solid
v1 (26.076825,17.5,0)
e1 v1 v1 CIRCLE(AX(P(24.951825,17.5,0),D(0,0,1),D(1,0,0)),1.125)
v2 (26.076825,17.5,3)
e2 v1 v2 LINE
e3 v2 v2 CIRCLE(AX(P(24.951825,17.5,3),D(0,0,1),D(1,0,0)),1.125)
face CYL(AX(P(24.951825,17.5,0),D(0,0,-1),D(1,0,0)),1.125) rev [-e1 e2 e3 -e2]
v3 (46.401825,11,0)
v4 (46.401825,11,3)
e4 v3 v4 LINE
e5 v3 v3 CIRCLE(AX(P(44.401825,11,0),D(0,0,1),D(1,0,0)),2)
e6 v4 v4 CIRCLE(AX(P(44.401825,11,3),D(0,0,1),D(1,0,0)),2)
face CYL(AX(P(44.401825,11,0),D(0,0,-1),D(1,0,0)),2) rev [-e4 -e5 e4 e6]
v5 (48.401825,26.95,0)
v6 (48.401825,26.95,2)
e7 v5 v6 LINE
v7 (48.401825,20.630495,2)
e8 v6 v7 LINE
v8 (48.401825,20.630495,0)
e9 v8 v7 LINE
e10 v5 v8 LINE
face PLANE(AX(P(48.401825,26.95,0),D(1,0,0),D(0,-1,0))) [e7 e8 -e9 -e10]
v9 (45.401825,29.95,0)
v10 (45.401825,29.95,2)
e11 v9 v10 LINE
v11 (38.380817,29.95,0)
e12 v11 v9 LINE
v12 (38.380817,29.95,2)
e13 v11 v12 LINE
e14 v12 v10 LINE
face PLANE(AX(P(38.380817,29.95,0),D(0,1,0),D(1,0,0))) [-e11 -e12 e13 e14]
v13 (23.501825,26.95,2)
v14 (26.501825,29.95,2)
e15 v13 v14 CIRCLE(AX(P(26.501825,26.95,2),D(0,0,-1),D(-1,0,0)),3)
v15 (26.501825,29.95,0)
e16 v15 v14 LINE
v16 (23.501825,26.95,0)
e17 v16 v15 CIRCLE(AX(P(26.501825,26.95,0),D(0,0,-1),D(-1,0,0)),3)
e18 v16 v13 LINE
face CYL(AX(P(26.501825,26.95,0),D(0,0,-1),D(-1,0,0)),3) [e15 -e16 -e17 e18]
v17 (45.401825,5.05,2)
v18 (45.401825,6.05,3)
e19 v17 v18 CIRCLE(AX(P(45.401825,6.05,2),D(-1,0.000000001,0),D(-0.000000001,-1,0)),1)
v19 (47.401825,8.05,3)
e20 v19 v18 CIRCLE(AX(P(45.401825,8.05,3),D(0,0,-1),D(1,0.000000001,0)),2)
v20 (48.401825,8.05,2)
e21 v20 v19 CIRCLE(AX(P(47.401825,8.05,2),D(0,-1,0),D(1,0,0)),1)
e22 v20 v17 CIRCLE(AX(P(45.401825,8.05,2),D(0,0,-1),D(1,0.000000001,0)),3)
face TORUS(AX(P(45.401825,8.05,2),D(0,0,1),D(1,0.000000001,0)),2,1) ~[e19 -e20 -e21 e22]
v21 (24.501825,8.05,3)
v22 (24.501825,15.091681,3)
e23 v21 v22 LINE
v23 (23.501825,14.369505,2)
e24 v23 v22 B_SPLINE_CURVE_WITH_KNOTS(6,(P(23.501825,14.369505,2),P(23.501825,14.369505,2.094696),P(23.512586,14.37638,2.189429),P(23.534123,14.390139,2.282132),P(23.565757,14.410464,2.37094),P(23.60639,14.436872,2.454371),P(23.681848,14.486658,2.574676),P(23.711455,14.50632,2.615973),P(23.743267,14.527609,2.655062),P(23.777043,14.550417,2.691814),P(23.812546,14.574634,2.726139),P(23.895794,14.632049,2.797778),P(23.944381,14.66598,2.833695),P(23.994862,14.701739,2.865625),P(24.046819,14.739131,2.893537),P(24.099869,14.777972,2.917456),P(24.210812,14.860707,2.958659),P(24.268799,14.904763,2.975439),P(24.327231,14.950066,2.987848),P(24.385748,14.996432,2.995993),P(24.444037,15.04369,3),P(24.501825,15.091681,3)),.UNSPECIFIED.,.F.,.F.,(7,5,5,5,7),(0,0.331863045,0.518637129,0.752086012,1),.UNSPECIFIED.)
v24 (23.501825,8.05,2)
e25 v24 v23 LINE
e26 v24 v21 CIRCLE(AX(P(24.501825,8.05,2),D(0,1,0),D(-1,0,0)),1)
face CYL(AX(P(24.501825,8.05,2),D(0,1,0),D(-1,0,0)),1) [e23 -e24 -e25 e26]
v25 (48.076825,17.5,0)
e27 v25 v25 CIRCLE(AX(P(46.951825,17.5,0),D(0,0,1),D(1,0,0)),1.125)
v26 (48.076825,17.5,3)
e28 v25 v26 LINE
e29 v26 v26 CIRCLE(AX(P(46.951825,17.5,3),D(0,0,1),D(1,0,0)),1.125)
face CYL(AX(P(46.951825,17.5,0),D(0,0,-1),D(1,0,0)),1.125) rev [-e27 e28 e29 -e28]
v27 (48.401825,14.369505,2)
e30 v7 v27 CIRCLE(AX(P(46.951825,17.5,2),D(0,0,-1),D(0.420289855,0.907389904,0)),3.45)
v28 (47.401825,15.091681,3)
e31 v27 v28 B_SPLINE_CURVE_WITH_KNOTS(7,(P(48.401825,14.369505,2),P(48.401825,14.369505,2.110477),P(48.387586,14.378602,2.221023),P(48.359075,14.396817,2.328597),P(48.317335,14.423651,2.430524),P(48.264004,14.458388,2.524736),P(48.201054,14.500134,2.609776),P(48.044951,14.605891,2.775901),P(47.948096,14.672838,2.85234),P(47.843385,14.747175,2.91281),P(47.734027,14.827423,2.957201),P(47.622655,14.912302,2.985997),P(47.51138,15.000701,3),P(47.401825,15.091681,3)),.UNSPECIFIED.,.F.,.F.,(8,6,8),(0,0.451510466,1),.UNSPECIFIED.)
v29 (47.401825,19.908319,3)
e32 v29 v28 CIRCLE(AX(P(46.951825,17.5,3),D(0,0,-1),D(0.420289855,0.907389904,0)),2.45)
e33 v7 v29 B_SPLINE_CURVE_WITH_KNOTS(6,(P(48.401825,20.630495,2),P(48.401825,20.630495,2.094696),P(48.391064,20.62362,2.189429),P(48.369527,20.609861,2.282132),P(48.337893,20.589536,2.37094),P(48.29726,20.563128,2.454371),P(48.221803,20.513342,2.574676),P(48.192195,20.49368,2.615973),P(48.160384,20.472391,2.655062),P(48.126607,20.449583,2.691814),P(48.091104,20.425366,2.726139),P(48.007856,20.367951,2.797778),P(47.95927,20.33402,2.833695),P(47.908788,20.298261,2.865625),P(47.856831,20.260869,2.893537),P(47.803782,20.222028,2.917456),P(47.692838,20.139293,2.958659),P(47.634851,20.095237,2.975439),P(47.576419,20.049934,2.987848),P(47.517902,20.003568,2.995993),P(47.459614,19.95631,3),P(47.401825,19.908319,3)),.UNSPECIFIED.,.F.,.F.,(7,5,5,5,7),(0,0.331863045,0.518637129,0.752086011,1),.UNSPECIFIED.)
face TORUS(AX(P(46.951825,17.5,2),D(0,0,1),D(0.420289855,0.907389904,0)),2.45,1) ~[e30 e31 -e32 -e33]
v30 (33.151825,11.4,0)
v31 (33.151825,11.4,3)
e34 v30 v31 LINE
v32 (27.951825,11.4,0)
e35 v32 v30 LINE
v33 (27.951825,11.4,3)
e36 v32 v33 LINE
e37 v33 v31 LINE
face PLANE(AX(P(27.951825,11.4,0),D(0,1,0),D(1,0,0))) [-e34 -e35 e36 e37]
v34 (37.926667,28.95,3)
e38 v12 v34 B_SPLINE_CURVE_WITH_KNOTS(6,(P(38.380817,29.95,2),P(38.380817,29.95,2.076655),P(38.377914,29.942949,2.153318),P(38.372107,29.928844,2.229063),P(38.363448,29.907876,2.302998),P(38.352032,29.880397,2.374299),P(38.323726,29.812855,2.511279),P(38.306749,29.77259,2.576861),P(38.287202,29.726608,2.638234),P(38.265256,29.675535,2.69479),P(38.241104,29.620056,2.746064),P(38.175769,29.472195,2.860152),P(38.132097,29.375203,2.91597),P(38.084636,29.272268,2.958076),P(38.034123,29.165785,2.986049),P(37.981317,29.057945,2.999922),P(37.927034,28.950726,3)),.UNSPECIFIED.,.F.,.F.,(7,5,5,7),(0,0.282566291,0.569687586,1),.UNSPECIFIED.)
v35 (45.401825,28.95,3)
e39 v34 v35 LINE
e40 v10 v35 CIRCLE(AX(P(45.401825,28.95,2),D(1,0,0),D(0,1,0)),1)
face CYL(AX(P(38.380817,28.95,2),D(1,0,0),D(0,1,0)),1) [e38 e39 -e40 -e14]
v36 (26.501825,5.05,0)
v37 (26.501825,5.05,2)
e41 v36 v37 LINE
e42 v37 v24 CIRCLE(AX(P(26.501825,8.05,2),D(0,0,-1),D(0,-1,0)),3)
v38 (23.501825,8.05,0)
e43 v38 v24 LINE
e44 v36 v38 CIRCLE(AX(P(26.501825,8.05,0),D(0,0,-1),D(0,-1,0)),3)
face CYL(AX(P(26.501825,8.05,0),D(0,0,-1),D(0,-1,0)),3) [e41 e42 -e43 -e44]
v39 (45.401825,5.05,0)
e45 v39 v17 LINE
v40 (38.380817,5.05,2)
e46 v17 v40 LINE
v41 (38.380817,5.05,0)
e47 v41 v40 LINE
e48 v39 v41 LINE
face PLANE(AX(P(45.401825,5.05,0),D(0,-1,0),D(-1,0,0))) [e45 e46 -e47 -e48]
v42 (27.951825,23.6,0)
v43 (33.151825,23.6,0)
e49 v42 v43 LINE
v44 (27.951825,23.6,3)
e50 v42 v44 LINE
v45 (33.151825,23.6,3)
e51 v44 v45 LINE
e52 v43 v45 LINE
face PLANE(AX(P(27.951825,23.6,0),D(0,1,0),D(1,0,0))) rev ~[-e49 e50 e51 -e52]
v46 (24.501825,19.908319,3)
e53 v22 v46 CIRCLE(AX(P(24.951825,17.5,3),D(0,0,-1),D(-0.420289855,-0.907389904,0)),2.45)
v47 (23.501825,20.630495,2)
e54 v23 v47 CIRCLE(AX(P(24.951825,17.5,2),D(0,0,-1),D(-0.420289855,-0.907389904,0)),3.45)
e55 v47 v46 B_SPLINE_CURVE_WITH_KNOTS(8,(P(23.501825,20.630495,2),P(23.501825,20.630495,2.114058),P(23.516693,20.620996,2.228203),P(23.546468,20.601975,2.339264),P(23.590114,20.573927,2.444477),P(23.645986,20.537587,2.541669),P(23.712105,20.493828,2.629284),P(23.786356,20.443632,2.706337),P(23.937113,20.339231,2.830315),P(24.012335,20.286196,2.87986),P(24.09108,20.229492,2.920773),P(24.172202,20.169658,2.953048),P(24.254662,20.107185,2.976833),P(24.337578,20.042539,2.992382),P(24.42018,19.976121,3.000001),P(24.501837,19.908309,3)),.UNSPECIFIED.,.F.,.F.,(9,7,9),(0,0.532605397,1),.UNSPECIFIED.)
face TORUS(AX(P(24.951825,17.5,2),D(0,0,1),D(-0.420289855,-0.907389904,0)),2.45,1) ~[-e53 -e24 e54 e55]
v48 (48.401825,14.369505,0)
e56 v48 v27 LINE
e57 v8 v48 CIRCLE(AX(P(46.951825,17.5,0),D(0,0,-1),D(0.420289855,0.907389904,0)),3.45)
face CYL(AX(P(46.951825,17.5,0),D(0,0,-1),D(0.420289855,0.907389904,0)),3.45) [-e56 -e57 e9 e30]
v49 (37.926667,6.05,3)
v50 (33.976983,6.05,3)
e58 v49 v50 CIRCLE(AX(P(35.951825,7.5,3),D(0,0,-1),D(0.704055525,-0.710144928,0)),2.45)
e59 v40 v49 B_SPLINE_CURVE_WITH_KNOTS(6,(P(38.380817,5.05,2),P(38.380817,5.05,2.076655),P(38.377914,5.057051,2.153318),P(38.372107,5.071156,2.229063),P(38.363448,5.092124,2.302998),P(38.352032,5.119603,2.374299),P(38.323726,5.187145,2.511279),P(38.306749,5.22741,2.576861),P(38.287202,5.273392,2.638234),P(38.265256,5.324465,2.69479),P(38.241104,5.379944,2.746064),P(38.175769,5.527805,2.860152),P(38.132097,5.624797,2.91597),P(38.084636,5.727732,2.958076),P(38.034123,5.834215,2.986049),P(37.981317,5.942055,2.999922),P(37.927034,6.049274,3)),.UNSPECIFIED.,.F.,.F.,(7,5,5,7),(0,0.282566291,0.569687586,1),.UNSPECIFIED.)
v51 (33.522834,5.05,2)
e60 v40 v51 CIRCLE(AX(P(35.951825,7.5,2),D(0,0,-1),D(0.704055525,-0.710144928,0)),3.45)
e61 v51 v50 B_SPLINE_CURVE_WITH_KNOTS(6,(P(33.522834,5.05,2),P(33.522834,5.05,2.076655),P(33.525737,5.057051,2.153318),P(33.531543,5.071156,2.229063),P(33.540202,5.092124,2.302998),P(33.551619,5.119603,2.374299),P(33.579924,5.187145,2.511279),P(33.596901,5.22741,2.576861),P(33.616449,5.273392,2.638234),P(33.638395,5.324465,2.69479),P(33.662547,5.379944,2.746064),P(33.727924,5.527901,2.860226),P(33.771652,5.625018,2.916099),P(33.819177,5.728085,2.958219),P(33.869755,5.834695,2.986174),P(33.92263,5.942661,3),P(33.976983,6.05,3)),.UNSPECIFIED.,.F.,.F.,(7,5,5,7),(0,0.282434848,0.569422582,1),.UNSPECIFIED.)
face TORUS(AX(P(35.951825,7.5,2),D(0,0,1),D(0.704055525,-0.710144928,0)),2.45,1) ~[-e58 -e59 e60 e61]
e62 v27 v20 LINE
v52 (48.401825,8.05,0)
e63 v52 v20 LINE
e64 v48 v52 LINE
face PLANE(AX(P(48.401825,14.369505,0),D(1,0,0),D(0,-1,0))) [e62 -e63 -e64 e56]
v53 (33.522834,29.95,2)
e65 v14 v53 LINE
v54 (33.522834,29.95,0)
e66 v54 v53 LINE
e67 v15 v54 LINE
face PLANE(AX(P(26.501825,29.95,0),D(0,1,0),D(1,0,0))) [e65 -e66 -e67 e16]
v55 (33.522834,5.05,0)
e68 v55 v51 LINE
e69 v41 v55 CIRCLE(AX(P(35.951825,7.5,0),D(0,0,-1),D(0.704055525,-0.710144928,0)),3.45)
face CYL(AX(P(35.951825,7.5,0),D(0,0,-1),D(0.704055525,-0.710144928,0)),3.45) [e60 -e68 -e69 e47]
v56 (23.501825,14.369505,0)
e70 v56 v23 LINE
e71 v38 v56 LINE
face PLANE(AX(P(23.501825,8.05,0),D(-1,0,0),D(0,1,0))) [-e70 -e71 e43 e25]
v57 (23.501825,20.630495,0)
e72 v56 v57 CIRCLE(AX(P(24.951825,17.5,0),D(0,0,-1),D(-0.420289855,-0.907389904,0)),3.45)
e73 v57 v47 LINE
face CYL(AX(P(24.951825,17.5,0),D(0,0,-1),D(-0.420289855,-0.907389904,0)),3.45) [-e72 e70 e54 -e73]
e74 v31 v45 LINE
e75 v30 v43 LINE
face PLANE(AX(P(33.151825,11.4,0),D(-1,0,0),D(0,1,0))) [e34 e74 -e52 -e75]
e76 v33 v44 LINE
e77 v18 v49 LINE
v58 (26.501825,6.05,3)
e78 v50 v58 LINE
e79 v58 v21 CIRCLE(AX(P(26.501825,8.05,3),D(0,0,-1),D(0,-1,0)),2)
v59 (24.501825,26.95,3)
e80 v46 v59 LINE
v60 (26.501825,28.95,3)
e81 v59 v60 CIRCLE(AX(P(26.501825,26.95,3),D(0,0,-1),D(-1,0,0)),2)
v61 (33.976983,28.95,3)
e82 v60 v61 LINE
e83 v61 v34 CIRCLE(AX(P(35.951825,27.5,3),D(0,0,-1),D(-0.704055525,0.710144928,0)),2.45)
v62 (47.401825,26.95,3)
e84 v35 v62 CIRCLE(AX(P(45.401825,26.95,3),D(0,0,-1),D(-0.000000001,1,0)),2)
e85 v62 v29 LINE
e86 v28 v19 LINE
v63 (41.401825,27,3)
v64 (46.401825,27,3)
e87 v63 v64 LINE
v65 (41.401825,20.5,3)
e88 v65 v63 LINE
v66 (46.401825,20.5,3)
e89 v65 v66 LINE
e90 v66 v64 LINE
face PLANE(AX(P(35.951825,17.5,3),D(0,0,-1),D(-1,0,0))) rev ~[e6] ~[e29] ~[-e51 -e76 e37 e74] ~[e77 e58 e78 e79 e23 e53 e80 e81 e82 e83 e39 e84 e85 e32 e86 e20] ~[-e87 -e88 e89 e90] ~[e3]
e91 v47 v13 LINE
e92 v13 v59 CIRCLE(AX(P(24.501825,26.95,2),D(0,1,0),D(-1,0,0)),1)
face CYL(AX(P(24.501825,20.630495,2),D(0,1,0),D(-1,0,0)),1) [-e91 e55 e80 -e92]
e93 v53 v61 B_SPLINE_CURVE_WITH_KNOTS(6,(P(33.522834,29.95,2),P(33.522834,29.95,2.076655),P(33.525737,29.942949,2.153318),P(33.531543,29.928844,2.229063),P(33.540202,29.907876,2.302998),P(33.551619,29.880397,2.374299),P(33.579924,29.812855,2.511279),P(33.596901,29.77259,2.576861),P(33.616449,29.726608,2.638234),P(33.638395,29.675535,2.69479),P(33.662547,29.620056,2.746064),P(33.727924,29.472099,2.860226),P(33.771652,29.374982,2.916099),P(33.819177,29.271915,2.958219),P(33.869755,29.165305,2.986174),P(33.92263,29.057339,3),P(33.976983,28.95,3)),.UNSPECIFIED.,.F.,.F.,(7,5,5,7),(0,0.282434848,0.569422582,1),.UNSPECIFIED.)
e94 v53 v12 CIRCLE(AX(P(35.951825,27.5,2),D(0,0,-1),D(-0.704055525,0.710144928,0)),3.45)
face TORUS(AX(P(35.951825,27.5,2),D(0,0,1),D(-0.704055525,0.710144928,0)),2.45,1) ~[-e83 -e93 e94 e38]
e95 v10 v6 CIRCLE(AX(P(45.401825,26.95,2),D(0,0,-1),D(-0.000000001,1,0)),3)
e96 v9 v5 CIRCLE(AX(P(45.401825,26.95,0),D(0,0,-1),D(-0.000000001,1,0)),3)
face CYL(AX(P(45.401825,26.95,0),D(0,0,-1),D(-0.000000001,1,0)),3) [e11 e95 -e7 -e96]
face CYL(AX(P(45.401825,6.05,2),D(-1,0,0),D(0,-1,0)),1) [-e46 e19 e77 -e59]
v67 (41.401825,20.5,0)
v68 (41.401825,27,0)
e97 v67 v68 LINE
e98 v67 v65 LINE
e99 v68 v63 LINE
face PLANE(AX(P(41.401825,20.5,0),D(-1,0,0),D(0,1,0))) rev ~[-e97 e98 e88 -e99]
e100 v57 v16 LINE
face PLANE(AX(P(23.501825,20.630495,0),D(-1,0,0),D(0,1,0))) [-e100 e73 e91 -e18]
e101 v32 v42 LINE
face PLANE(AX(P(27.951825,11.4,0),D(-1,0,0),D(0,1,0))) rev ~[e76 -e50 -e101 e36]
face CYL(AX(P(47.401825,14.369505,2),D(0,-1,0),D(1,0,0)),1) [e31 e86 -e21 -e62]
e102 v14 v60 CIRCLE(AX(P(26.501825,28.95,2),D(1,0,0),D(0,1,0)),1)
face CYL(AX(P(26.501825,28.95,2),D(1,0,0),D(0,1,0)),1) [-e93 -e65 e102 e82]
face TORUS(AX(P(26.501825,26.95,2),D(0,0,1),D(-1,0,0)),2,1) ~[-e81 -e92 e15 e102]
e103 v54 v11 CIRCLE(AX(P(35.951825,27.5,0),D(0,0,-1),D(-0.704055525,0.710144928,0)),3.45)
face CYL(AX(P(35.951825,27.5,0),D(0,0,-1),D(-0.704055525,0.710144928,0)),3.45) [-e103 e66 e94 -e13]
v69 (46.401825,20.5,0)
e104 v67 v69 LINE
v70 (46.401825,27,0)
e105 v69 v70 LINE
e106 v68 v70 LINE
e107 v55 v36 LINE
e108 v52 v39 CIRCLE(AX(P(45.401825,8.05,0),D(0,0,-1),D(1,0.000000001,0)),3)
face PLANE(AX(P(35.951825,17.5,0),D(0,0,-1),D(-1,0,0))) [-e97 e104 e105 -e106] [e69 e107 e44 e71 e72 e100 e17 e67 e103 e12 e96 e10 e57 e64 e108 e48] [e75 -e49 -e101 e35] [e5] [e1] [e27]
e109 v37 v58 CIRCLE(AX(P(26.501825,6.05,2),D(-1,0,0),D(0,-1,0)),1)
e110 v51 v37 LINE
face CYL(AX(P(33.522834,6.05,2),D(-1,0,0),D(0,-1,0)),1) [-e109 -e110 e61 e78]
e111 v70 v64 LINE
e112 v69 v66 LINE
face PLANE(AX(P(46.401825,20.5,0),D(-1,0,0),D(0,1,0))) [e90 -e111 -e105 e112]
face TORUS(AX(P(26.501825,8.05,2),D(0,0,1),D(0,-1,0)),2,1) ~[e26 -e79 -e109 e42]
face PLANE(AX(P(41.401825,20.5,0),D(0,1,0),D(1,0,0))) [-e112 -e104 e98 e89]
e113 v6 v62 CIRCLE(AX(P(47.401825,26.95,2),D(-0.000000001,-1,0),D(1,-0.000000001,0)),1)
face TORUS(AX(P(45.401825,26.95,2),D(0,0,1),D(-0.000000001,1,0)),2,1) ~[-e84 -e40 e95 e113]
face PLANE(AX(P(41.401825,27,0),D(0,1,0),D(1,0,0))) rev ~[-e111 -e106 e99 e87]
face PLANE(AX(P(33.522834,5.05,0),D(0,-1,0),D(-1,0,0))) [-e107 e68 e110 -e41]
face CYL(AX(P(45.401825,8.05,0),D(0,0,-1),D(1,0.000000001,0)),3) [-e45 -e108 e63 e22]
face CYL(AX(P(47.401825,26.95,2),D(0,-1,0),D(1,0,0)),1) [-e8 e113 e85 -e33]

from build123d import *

# Parameters (mm, degrees)
SKETCH1_R           = 1.125
SKETCH1_R_2         = 2
SKETCH1_W           = 5.2
SKETCH1_H           = 12.2
SKETCH1_W_2         = 5
SKETCH1_H_2         = 6.5
BOSS_EXTRUDE1_DEPTH = 3
FILLET1_R           = 1


with BuildPart() as part:
    # Sketch1 → Boss-Extrude1 (new body)
    with BuildSketch(Plane.XY):
        with BuildLine():
            Line((23.501825189, 8.05), (23.501825189, 14.369504832))
            ThreePointArc((23.501825189, 14.369504832), (21.501825189, 17.5), (23.501825189, 20.630495168))
            Line((23.501825189, 20.630495168), (23.501825189, 26.95))
            ThreePointArc((23.501825189, 26.95), (24.380504846, 29.071320344), (26.501825189, 29.95))
            Line((26.501825189, 29.95), (33.522833629, 29.95))
            ThreePointArc((33.522833629, 29.95), (35.951825189, 30.95), (38.38081675, 29.95))
            Line((38.38081675, 29.95), (45.401825189, 29.95))
            ThreePointArc((45.401825189, 29.95), (47.523145533, 29.071320344), (48.401825189, 26.95))
            Line((48.401825189, 26.95), (48.401825189, 20.630495168))
            ThreePointArc((48.401825189, 20.630495168), (50.401825189, 17.5), (48.401825189, 14.369504832))
            Line((48.401825189, 14.369504832), (48.401825189, 8.05))
            ThreePointArc((48.401825189, 8.05), (47.523145533, 5.928679656), (45.401825189, 5.05))
            Line((45.401825189, 5.05), (38.38081675, 5.05))
            ThreePointArc((38.38081675, 5.05), (35.951825189, 4.05), (33.522833629, 5.05))
            Line((33.522833629, 5.05), (26.501825189, 5.05))
            ThreePointArc((26.501825189, 5.05), (24.380504846, 5.928679656), (23.501825189, 8.05))
        make_face()
        with Locations((24.951825189, 17.5)):
            Circle(SKETCH1_R, mode=Mode.SUBTRACT)
        with Locations((46.951825189, 17.5)):
            Circle(SKETCH1_R, mode=Mode.SUBTRACT)
        with Locations((44.401825189, 11)):
            Circle(SKETCH1_R_2, mode=Mode.SUBTRACT)
        with Locations((30.551825189, 17.5)):
            Rectangle(SKETCH1_W, SKETCH1_H, mode=Mode.SUBTRACT)
        with Locations((43.901825189, 23.75)):
            Rectangle(SKETCH1_W_2, SKETCH1_H_2, mode=Mode.SUBTRACT)
    extrude(amount=BOSS_EXTRUDE1_DEPTH)

    # Fillet1
    fillet1_edges = [part.edges().sort_by_distance(p)[0] for p in [
        (35.951825189, 4.05, 3),
        (41.891320969, 5.05, 3),
        (47.523145533, 5.928679656, 3),
        (48.401825189, 11.209752416, 3),
        (50.401825189, 17.5, 3),
        (48.401825189, 23.790247584, 3),
        (47.523145533, 29.071320344, 3),
        (41.891320969, 29.95, 3),
        (35.951825189, 30.95, 3),
        (30.012329409, 29.95, 3),
        (24.380504846, 5.928679656, 3),
        (24.380504846, 29.071320344, 3),
        (23.501825189, 23.790247584, 3),
        (21.501825189, 17.5, 3),
        (23.501825189, 11.209752416, 3),
        (30.012329409, 5.05, 3),
    ]]
    fillet(fillet1_edges, radius=FILLET1_R)


solid = part.part
